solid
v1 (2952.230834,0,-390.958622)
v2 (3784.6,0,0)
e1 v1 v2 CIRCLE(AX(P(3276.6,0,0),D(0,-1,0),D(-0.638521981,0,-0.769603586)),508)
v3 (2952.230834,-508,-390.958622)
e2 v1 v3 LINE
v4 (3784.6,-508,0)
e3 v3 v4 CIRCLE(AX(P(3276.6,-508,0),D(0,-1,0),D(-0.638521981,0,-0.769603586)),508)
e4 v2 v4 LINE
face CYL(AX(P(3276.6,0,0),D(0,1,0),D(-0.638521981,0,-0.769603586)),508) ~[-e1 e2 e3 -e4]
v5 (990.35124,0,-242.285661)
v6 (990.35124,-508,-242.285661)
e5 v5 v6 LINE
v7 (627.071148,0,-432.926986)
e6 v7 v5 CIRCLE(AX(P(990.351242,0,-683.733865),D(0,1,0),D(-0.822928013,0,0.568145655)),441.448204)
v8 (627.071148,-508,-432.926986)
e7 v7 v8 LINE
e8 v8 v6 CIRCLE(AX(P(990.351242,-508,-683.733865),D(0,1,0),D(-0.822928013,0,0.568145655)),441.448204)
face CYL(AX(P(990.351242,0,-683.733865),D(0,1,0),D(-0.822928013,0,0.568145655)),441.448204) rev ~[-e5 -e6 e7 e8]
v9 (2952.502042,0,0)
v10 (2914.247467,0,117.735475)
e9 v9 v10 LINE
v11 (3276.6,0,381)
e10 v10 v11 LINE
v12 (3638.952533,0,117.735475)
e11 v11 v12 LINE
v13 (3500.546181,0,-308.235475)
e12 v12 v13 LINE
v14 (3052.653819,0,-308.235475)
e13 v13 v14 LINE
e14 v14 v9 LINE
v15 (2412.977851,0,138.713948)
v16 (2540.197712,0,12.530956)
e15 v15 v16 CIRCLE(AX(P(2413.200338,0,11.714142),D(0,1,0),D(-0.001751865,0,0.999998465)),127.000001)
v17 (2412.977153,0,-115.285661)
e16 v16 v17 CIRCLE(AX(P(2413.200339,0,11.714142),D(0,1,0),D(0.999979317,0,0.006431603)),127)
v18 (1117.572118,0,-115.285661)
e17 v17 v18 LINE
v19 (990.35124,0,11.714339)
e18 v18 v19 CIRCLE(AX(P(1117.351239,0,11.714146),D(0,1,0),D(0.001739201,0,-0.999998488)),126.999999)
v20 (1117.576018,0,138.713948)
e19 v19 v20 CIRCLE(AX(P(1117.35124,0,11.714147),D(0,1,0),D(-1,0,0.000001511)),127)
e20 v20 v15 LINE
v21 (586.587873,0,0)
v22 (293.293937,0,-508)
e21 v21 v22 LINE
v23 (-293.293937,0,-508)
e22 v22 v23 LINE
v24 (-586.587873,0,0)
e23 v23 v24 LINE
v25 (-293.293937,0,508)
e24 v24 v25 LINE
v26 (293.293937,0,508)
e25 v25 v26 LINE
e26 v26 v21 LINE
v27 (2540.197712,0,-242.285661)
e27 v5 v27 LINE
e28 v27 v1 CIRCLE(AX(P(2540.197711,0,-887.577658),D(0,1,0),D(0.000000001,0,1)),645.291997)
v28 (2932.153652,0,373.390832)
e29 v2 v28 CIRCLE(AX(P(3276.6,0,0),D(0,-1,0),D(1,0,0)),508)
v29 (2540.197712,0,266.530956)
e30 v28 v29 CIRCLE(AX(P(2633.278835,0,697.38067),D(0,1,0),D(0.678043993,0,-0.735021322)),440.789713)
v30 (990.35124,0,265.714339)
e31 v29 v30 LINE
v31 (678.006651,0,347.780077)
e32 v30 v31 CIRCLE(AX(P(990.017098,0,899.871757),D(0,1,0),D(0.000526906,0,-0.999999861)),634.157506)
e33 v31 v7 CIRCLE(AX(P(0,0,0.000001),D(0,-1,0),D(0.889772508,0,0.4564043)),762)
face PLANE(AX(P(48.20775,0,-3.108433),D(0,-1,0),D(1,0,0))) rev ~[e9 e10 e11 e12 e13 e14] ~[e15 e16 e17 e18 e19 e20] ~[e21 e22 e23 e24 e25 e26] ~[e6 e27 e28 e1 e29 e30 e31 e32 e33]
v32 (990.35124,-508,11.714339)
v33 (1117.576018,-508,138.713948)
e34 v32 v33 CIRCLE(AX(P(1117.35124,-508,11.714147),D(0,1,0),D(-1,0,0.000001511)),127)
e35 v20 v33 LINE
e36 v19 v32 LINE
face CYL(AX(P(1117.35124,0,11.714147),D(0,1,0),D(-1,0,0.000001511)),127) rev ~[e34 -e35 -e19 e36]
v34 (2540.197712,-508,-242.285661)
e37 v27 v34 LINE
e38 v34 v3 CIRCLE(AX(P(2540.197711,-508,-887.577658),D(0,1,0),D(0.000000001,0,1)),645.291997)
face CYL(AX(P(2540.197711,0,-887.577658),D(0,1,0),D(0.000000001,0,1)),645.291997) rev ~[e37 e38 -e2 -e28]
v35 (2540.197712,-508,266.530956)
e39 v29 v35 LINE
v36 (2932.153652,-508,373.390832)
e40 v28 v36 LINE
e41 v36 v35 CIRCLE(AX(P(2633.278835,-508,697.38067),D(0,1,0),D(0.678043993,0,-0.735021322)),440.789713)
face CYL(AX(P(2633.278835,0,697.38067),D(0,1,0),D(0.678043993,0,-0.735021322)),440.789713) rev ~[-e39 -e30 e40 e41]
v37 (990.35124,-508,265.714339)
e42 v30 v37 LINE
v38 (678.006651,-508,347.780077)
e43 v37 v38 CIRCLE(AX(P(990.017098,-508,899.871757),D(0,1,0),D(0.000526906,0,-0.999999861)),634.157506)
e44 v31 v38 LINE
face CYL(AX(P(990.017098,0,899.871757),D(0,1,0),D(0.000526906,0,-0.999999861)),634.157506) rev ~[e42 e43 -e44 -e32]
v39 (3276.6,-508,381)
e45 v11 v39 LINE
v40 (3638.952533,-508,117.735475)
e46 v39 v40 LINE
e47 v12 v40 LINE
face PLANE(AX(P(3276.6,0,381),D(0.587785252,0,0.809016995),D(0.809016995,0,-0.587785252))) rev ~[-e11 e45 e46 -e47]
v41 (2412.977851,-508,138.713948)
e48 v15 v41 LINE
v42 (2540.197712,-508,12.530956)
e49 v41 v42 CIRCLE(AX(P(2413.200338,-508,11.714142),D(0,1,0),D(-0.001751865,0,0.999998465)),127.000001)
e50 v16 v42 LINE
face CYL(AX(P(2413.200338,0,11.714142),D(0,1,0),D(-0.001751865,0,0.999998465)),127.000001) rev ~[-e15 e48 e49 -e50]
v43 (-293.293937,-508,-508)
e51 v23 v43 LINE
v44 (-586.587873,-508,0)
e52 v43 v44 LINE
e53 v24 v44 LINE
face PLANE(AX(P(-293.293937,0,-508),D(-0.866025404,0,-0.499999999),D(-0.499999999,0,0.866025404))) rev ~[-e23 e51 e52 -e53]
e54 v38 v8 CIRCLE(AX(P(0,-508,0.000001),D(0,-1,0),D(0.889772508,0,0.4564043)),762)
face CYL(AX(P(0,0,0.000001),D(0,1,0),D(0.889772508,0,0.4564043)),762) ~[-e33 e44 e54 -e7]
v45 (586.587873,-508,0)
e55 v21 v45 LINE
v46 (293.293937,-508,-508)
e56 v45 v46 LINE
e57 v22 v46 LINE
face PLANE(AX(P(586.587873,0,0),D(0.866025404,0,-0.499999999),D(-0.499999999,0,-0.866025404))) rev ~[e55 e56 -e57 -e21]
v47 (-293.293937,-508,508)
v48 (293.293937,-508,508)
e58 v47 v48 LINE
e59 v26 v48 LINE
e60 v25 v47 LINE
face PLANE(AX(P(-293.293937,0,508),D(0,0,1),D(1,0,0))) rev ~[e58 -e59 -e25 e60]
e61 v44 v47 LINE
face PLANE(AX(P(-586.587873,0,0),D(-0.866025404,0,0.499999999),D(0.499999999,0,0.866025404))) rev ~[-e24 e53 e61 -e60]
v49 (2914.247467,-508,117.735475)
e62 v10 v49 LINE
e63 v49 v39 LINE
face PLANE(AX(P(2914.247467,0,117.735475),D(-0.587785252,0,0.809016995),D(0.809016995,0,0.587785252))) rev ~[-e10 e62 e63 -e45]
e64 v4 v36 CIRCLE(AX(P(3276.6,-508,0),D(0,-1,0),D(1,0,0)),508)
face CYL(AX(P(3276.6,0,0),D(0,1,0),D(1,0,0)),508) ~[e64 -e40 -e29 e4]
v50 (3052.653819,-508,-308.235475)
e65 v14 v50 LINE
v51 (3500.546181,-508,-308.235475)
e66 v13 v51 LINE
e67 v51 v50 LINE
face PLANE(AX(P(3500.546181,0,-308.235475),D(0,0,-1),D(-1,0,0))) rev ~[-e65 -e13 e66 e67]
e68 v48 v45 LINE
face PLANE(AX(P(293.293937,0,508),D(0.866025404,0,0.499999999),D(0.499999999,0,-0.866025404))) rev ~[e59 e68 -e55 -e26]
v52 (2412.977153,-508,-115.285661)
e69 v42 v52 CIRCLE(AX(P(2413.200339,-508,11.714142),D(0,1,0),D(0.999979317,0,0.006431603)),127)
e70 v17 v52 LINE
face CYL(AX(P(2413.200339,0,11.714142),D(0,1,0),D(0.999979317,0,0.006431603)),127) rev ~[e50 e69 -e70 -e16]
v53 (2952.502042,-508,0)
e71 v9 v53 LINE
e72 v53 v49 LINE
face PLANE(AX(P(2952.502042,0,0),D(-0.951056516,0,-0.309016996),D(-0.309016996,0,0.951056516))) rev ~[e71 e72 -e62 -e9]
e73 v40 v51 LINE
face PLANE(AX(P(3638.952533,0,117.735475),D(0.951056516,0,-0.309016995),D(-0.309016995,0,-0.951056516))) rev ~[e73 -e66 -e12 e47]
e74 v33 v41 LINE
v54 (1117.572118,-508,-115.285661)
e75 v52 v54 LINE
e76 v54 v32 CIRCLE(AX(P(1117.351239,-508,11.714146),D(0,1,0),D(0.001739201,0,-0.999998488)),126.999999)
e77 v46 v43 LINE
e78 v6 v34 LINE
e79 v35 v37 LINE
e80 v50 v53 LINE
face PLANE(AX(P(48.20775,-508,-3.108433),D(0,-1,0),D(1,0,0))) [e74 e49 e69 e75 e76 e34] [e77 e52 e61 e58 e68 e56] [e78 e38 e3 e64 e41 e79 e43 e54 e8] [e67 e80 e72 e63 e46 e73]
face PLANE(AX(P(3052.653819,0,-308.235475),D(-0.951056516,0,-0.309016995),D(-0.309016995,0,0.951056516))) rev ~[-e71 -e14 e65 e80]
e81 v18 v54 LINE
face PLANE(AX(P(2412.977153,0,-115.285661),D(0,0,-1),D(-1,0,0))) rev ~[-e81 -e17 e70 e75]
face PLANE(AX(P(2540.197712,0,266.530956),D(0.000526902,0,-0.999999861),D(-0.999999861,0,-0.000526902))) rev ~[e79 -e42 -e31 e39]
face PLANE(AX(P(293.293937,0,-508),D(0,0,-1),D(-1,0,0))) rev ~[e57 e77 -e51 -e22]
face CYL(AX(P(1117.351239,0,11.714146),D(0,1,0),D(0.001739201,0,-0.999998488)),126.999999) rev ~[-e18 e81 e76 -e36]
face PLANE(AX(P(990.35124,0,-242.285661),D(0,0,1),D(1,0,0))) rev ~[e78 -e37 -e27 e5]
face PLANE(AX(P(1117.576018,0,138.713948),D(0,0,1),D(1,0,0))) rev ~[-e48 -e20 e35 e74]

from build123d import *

# Parameters (mm, degrees)
F1_DEPTH = 508


with BuildPart() as f1:
    # F0 (on Front) → F1 (new body)
    with BuildSketch(Plane.XZ):
        with BuildLine():
            ThreePointArc((627.071148, -432.926986), (727.486156, -226.733087), (762, 0))
            ThreePointArc((762, 0), (740.70408, 178.889536), (678.006651, 347.780077))
            ThreePointArc((678.006651, 347.780077), (-760.383387, 49.60953), (627.071148, -432.926986))
        make_face()
        Polygon((-586.587873, 0), (-293.293937, 508), (293.293937, 508), (586.587873, 0), (293.293937, -508), (-293.293937, -508), align=None, mode=Mode.SUBTRACT)
        with BuildLine():
            Line((990.35124, 11.714339), (990.35124, -242.285661))
            Line((990.35124, -242.285661), (2540.197712, -242.285661))
            ThreePointArc((2540.197712, -242.285661), (2759.215373, -280.590817), (2952.230834, -390.958622))
            ThreePointArc((2952.230834, -390.958622), (2813.860961, -209.610548), (2768.792984, 14.001221))
            Line((2768.792984, 14.001221), (2540.197712, 12.530956))
            ThreePointArc((2540.197712, 12.530956), (2503.212536, -77.878292), (2412.977153, -115.285661))
            Line((2412.977153, -115.285661), (1117.572118, -115.285661))
            ThreePointArc((1117.572118, -115.285661), (1027.626737, -78.166405), (990.35124, 11.714339))
        make_face()
        with BuildLine():
            Line((2540.197712, 266.530956), (990.35124, 265.714339))
            Line((990.35124, 265.714339), (990.35124, 11.714339))
            ThreePointArc((990.35124, 11.714339), (1027.628253, 101.596212), (1117.576018, 138.713948))
            Line((1117.576018, 138.713948), (2412.977851, 138.713948))
            ThreePointArc((2412.977851, 138.713948), (2502.634698, 101.883402), (2540.197712, 12.530956))
            Line((2540.197712, 12.530956), (2540.197712, 266.530956))
        make_face()
        with BuildLine():
            ThreePointArc((678.006651, 347.780077), (740.70408, 178.889536), (762, 0))
            ThreePointArc((762, 0), (727.486156, -226.733087), (627.071148, -432.926986))
            ThreePointArc((627.071148, -432.926986), (785.219246, -292.840809), (990.35124, -242.285661))
            Line((990.35124, -242.285661), (990.35124, 11.714339))
            Line((990.35124, 11.714339), (990.35124, 265.714339))
            ThreePointArc((990.35124, 265.714339), (828.867397, 286.5313), (678.006651, 347.780077))
        make_face()
        with BuildLine():
            ThreePointArc((2932.153652, 373.390832), (2749.220714, 272.112458), (2540.197712, 266.530956))
            Line((2540.197712, 266.530956), (2540.197712, 12.530956))
            Line((2540.197712, 12.530956), (2768.792984, 14.001221))
            ThreePointArc((2768.792984, 14.001221), (2814.13468, 210.213767), (2932.153652, 373.390832))
        make_face()
        with BuildLine():
            ThreePointArc((3784.6, 0), (3480.420086, 465.318571), (2932.153652, 373.390832))
            ThreePointArc((2932.153652, 373.390832), (2814.13468, 210.213767), (2768.792984, 14.001221))
            ThreePointArc((2768.792984, 14.001221), (2813.860961, -209.610548), (2952.230834, -390.958622))
            ThreePointArc((2952.230834, -390.958622), (3492.568127, -459.806229), (3784.6, 0))
        make_face()
        Polygon((3638.952533, 117.735475), (3500.546181, -308.235475), (3052.653819, -308.235475), (2952.502042, 0), (2914.247467, 117.735475), (3276.6, 381), align=None, mode=Mode.SUBTRACT)
    extrude(amount=F1_DEPTH)


solid = f1.part
